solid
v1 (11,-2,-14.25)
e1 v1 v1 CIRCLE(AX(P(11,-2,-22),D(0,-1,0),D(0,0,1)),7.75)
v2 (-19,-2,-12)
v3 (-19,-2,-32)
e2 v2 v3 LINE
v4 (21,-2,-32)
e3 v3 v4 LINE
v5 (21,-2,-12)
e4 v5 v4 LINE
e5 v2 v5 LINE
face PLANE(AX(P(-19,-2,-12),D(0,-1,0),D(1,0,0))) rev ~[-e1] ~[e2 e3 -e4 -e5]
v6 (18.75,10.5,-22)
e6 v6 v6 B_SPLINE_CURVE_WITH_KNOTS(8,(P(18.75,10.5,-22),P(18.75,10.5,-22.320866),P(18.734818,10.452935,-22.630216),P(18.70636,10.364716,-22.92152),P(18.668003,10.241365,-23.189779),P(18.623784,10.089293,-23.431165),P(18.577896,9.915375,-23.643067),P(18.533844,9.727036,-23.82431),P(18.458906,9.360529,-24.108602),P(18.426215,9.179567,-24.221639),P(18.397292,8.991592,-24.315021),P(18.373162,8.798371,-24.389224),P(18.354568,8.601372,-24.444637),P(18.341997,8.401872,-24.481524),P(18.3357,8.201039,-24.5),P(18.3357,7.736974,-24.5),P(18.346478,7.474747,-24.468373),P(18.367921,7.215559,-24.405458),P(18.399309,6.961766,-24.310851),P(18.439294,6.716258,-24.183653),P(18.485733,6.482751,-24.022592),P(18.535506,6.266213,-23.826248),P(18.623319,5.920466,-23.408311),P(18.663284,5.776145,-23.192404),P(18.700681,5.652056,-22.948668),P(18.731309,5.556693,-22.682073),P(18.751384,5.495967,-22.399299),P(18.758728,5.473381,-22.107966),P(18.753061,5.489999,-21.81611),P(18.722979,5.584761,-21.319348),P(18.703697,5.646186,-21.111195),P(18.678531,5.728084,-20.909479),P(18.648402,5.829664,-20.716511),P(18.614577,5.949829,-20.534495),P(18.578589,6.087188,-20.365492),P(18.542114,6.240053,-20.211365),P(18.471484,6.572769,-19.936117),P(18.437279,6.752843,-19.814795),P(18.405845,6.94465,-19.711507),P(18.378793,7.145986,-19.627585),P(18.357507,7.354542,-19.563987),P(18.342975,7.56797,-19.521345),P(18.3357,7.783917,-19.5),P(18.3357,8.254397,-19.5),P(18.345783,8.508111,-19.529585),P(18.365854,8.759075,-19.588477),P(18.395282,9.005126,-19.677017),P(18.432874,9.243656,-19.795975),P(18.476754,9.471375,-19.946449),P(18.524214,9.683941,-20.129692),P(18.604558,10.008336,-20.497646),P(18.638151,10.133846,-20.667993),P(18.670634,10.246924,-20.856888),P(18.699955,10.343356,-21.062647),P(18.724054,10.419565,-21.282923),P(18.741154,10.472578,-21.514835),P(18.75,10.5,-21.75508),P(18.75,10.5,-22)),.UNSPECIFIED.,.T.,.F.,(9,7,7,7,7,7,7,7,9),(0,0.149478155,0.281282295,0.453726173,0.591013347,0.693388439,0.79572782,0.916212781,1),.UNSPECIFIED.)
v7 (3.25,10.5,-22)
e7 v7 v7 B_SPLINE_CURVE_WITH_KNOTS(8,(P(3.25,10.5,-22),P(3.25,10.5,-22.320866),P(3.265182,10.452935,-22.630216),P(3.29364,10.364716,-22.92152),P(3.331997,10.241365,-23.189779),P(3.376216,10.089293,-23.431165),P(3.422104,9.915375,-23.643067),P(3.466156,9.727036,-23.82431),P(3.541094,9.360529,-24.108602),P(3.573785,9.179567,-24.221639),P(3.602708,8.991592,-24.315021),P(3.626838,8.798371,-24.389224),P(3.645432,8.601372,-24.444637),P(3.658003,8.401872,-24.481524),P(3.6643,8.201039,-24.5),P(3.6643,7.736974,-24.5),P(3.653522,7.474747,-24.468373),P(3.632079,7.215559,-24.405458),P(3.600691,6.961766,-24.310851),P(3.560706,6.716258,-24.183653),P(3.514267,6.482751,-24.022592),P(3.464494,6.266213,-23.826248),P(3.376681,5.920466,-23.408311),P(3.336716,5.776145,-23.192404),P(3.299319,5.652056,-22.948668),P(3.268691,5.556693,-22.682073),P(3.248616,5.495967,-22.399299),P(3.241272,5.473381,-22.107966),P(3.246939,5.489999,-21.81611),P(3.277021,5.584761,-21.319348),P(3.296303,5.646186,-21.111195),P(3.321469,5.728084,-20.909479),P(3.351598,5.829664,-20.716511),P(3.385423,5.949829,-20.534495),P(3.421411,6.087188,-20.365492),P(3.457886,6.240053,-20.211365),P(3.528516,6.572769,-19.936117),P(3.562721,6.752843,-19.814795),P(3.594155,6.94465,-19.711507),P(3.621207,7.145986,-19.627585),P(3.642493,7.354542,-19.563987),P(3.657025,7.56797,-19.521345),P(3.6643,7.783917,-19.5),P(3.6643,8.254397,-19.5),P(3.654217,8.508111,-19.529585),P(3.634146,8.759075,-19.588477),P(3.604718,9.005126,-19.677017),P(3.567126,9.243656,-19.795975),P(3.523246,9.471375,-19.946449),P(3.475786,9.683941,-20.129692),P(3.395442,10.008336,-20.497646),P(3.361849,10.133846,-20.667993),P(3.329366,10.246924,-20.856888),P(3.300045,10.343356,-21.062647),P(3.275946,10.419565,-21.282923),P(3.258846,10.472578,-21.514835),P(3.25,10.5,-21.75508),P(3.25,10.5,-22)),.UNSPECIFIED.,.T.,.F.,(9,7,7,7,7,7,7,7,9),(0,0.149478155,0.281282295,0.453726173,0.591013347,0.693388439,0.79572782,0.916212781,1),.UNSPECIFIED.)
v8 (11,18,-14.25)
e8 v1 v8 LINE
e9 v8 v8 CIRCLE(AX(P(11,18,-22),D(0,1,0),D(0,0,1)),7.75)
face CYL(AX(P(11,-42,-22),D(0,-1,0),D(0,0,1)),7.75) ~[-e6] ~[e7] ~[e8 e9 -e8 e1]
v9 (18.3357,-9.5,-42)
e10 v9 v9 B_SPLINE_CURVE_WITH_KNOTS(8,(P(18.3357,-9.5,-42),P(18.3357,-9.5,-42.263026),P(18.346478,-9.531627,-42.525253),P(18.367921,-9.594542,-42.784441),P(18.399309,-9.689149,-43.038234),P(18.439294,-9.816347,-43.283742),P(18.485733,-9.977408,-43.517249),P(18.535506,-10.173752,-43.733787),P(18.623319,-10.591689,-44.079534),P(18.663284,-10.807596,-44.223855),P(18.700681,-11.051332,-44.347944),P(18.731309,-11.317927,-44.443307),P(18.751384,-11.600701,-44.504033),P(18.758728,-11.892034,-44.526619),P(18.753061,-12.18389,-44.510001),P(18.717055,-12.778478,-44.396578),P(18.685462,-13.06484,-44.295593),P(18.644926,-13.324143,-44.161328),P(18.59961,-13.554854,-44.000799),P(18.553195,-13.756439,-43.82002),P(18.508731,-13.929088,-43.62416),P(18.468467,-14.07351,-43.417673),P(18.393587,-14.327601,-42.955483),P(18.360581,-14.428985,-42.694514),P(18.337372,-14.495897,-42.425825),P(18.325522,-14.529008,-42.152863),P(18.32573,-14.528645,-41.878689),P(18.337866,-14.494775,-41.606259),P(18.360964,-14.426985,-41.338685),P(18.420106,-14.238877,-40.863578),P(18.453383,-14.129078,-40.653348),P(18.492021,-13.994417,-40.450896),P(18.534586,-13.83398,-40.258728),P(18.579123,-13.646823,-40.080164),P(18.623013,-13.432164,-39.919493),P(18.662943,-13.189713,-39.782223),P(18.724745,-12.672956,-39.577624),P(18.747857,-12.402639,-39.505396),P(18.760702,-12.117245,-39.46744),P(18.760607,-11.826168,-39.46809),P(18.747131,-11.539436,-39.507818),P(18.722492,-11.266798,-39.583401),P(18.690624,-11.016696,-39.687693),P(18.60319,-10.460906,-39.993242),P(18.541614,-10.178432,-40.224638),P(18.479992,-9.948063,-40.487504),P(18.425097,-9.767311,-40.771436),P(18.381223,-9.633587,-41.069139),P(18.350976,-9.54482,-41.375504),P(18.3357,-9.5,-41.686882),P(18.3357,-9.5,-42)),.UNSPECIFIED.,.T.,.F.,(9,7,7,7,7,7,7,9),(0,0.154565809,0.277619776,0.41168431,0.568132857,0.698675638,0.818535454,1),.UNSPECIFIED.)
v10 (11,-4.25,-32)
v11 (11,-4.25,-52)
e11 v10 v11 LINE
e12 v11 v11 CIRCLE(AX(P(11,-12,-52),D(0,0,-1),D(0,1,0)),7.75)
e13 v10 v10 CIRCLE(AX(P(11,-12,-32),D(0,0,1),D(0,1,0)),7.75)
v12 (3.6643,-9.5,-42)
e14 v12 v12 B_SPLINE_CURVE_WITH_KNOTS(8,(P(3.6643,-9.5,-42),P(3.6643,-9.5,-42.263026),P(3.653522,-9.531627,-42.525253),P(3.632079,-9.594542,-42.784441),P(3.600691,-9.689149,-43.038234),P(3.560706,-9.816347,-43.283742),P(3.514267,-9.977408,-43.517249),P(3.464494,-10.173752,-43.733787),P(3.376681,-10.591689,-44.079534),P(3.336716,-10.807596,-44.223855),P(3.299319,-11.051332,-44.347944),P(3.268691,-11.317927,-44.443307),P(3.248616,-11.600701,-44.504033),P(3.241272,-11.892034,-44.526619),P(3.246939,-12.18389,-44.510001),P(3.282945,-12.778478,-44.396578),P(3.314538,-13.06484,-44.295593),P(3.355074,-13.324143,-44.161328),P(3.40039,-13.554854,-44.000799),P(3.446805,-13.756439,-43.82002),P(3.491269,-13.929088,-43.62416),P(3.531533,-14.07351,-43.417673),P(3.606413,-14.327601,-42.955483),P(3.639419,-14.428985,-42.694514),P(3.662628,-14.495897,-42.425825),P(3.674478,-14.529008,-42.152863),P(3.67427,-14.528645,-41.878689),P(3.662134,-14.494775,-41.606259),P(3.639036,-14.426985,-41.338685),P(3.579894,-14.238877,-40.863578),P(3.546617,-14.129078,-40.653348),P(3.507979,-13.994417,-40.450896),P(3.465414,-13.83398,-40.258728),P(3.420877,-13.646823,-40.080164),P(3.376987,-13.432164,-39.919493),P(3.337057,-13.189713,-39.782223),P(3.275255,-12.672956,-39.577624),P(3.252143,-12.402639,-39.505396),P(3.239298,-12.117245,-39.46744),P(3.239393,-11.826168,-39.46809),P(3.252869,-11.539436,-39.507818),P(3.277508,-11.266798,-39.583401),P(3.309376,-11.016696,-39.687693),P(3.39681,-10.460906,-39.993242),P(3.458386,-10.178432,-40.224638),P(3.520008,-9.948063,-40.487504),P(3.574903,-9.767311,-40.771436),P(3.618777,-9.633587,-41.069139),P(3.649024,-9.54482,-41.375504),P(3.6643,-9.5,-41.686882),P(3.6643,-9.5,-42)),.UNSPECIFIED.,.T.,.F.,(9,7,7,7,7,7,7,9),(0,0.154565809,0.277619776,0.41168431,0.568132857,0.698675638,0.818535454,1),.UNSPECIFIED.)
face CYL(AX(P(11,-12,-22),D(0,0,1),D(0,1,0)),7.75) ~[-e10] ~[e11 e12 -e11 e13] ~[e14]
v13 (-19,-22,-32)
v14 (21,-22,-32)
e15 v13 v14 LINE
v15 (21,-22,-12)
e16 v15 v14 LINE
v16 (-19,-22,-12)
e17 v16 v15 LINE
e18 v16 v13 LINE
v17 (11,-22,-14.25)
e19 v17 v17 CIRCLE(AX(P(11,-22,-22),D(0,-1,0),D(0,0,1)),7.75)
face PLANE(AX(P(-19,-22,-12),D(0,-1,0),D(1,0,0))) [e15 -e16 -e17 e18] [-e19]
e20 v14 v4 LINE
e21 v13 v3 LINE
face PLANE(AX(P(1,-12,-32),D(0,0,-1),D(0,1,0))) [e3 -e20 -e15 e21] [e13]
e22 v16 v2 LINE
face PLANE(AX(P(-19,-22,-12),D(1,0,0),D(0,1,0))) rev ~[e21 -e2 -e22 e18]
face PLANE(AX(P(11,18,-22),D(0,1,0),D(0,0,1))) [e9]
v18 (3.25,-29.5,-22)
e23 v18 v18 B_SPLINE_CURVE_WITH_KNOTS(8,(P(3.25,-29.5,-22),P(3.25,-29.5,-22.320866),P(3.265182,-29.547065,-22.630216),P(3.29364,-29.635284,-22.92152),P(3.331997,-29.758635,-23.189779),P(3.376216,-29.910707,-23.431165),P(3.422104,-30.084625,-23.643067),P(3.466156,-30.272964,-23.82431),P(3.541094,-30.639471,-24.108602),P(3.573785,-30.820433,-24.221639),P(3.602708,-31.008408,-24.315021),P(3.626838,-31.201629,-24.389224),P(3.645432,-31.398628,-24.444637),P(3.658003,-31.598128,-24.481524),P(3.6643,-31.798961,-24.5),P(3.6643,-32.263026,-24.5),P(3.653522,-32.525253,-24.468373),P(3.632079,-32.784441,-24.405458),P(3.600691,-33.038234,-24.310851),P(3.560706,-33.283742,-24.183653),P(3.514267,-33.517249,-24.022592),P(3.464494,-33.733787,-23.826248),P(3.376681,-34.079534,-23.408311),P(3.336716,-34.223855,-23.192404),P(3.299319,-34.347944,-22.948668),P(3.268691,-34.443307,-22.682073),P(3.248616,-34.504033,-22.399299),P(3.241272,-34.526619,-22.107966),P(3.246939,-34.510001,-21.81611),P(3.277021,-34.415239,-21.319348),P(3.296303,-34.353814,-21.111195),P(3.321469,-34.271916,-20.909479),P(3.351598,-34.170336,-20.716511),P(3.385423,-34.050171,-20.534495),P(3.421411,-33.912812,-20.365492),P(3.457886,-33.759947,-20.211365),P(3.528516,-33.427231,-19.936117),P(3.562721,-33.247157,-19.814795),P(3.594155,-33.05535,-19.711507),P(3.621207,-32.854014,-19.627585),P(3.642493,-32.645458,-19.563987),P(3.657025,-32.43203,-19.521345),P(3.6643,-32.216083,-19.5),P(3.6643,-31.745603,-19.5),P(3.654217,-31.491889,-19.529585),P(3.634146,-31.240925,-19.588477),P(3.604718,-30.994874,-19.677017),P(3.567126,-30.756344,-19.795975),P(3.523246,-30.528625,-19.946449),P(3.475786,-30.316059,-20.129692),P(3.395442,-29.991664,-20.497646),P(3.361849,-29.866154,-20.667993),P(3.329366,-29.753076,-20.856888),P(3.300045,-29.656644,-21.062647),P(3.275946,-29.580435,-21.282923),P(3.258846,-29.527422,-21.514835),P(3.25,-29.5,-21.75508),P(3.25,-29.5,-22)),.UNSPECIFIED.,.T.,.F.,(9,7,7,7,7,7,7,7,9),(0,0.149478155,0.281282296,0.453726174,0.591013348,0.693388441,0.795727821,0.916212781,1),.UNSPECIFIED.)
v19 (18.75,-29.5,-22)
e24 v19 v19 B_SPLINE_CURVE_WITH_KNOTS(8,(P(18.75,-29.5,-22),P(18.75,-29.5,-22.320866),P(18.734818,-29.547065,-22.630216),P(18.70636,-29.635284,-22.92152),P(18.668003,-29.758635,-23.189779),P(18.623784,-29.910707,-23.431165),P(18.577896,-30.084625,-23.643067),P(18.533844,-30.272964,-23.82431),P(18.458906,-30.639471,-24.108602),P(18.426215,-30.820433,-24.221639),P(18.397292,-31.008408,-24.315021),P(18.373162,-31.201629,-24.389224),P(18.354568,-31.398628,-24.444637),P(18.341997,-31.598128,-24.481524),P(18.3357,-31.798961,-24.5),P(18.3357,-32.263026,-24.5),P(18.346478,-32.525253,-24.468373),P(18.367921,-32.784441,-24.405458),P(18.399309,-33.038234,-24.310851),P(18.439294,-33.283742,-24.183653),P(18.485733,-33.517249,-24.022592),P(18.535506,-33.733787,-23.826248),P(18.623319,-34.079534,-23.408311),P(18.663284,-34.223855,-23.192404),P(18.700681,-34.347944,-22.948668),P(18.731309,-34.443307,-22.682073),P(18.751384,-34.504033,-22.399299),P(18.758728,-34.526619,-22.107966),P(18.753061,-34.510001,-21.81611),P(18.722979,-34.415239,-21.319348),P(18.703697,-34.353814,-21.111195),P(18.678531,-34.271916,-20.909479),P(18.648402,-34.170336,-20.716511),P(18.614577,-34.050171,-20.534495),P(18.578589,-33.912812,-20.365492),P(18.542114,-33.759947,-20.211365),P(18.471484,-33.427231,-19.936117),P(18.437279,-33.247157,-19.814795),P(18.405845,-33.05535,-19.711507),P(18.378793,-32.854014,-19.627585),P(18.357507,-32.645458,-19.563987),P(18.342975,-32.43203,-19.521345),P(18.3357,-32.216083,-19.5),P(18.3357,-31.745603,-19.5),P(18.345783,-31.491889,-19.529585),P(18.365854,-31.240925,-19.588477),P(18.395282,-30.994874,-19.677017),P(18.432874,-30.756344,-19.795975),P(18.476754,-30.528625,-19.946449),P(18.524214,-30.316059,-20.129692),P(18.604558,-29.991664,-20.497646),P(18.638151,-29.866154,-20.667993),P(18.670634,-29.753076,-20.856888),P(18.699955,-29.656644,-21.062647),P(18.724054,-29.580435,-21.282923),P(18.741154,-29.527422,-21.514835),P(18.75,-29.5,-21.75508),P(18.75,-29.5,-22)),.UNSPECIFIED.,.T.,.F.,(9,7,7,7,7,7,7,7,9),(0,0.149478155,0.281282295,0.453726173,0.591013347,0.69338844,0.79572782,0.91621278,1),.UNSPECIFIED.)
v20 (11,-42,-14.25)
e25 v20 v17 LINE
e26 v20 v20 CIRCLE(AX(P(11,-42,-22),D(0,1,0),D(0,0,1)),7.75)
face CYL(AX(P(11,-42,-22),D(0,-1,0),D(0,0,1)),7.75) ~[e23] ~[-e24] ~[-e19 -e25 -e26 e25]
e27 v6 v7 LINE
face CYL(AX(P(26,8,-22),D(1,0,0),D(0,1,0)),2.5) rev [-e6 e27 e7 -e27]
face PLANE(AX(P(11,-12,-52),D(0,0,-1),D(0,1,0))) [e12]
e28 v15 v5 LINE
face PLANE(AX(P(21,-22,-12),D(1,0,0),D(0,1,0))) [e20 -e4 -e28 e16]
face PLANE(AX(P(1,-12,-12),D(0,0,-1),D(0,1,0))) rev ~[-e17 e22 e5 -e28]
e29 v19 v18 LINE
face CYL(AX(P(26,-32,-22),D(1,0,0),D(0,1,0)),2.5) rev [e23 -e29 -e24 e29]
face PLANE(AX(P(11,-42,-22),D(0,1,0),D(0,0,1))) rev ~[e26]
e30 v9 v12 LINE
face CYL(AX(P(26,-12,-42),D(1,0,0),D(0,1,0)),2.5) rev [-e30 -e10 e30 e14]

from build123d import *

# Parameters (mm, degrees)
CYLINDER017_R          = 2.5
CYLINDER017_DEPTH      = 30
CYLINDER018_R          = 2.5
CYLINDER018_DEPTH      = 30
CYLINDER019_R          = 2.5
CYLINDER019_DEPTH      = 30
CYLINDER016_R          = 7.75
CYLINDER016_DEPTH      = 30
CYLINDER015_R          = 7.75
CYLINDER015_DEPTH      = 60
BOX001_W               = 20
BOX001_H               = 40
BOX001_DEPTH           = 20
CUT001_ROLL_ANGLE      = 180
CUT001_PLACEMENT_ANGLE = 90


with BuildPart() as taladros003:
    # Cylinder017 → Cylinder017 (new body)
    with BuildSketch(Plane(origin=(20, 15, 0), x_dir=(1, 0, 0), z_dir=(0, -1, 0))):
        Circle(CYLINDER017_R)
    extrude(amount=CYLINDER017_DEPTH)


with BuildPart() as taladros004:
    # Cylinder018 → Cylinder018 (new body)
    with BuildSketch(Plane(origin=(-20, 15, 0), x_dir=(1, 0, 0), z_dir=(0, -1, 0))):
        Circle(CYLINDER018_R)
    extrude(amount=CYLINDER018_DEPTH)


with BuildPart() as taladros_ligamento_t001:
    # Cylinder019 → Cylinder019 (new body)
    with BuildSketch(Plane(origin=(0, 15, 20), x_dir=(1, 0, 0), z_dir=(0, -1, 0))):
        Circle(CYLINDER019_R)
    extrude(amount=CYLINDER019_DEPTH)

    # Fusion004: union Taladros003, Taladros004
    add(taladros003.part)
    add(taladros004.part)


with BuildPart() as ligamento_cadera003:
    # Cylinder016 → Cylinder016 (new body)
    with BuildSketch(Plane.XY):
        Circle(CYLINDER016_R)
    extrude(amount=CYLINDER016_DEPTH)


with BuildPart() as ligamento_cadera002:
    # Cylinder015 → Cylinder015 (new body)
    with BuildSketch(Plane(origin=(-30, 0, 0), x_dir=(0, 0, -1), z_dir=(1, 0, 0))):
        Circle(CYLINDER015_R)
    extrude(amount=CYLINDER015_DEPTH)


with BuildPart() as ligamento_t_imprimir001:
    # Box001 → Box001 (new body)
    with BuildSketch(Plane(origin=(-10, -30, -10), x_dir=(1, 0, 0), z_dir=(0, 0, 1))):
        with Locations((10, 20)):
            Rectangle(BOX001_W, BOX001_H)
    extrude(amount=BOX001_DEPTH)

    # Fusion003: union Ligamento_cadera003, Ligamento_cadera002
    add(ligamento_cadera003.part)
    add(ligamento_cadera002.part)

    # Cut001: cut Taladros_ligamento_T001
    add(taladros_ligamento_t001.part, mode=Mode.SUBTRACT)


with BuildPart() as ligamento_t_imprimir001_1:
    # Cut001 roll: moved
    add(ligamento_t_imprimir001.part.rotate(Axis((0, 0, 0), (1, 0, 0)), CUT001_ROLL_ANGLE))


with BuildPart() as ligamento_t_imprimir001_2:
    # Cut001 placement: moved
    add(ligamento_t_imprimir001_1.part.moved(Location((11, -12, -22))).rotate(Axis((11, -12, -22), (0, 0, 1)), CUT001_PLACEMENT_ANGLE))


solid = ligamento_t_imprimir001_2.part
